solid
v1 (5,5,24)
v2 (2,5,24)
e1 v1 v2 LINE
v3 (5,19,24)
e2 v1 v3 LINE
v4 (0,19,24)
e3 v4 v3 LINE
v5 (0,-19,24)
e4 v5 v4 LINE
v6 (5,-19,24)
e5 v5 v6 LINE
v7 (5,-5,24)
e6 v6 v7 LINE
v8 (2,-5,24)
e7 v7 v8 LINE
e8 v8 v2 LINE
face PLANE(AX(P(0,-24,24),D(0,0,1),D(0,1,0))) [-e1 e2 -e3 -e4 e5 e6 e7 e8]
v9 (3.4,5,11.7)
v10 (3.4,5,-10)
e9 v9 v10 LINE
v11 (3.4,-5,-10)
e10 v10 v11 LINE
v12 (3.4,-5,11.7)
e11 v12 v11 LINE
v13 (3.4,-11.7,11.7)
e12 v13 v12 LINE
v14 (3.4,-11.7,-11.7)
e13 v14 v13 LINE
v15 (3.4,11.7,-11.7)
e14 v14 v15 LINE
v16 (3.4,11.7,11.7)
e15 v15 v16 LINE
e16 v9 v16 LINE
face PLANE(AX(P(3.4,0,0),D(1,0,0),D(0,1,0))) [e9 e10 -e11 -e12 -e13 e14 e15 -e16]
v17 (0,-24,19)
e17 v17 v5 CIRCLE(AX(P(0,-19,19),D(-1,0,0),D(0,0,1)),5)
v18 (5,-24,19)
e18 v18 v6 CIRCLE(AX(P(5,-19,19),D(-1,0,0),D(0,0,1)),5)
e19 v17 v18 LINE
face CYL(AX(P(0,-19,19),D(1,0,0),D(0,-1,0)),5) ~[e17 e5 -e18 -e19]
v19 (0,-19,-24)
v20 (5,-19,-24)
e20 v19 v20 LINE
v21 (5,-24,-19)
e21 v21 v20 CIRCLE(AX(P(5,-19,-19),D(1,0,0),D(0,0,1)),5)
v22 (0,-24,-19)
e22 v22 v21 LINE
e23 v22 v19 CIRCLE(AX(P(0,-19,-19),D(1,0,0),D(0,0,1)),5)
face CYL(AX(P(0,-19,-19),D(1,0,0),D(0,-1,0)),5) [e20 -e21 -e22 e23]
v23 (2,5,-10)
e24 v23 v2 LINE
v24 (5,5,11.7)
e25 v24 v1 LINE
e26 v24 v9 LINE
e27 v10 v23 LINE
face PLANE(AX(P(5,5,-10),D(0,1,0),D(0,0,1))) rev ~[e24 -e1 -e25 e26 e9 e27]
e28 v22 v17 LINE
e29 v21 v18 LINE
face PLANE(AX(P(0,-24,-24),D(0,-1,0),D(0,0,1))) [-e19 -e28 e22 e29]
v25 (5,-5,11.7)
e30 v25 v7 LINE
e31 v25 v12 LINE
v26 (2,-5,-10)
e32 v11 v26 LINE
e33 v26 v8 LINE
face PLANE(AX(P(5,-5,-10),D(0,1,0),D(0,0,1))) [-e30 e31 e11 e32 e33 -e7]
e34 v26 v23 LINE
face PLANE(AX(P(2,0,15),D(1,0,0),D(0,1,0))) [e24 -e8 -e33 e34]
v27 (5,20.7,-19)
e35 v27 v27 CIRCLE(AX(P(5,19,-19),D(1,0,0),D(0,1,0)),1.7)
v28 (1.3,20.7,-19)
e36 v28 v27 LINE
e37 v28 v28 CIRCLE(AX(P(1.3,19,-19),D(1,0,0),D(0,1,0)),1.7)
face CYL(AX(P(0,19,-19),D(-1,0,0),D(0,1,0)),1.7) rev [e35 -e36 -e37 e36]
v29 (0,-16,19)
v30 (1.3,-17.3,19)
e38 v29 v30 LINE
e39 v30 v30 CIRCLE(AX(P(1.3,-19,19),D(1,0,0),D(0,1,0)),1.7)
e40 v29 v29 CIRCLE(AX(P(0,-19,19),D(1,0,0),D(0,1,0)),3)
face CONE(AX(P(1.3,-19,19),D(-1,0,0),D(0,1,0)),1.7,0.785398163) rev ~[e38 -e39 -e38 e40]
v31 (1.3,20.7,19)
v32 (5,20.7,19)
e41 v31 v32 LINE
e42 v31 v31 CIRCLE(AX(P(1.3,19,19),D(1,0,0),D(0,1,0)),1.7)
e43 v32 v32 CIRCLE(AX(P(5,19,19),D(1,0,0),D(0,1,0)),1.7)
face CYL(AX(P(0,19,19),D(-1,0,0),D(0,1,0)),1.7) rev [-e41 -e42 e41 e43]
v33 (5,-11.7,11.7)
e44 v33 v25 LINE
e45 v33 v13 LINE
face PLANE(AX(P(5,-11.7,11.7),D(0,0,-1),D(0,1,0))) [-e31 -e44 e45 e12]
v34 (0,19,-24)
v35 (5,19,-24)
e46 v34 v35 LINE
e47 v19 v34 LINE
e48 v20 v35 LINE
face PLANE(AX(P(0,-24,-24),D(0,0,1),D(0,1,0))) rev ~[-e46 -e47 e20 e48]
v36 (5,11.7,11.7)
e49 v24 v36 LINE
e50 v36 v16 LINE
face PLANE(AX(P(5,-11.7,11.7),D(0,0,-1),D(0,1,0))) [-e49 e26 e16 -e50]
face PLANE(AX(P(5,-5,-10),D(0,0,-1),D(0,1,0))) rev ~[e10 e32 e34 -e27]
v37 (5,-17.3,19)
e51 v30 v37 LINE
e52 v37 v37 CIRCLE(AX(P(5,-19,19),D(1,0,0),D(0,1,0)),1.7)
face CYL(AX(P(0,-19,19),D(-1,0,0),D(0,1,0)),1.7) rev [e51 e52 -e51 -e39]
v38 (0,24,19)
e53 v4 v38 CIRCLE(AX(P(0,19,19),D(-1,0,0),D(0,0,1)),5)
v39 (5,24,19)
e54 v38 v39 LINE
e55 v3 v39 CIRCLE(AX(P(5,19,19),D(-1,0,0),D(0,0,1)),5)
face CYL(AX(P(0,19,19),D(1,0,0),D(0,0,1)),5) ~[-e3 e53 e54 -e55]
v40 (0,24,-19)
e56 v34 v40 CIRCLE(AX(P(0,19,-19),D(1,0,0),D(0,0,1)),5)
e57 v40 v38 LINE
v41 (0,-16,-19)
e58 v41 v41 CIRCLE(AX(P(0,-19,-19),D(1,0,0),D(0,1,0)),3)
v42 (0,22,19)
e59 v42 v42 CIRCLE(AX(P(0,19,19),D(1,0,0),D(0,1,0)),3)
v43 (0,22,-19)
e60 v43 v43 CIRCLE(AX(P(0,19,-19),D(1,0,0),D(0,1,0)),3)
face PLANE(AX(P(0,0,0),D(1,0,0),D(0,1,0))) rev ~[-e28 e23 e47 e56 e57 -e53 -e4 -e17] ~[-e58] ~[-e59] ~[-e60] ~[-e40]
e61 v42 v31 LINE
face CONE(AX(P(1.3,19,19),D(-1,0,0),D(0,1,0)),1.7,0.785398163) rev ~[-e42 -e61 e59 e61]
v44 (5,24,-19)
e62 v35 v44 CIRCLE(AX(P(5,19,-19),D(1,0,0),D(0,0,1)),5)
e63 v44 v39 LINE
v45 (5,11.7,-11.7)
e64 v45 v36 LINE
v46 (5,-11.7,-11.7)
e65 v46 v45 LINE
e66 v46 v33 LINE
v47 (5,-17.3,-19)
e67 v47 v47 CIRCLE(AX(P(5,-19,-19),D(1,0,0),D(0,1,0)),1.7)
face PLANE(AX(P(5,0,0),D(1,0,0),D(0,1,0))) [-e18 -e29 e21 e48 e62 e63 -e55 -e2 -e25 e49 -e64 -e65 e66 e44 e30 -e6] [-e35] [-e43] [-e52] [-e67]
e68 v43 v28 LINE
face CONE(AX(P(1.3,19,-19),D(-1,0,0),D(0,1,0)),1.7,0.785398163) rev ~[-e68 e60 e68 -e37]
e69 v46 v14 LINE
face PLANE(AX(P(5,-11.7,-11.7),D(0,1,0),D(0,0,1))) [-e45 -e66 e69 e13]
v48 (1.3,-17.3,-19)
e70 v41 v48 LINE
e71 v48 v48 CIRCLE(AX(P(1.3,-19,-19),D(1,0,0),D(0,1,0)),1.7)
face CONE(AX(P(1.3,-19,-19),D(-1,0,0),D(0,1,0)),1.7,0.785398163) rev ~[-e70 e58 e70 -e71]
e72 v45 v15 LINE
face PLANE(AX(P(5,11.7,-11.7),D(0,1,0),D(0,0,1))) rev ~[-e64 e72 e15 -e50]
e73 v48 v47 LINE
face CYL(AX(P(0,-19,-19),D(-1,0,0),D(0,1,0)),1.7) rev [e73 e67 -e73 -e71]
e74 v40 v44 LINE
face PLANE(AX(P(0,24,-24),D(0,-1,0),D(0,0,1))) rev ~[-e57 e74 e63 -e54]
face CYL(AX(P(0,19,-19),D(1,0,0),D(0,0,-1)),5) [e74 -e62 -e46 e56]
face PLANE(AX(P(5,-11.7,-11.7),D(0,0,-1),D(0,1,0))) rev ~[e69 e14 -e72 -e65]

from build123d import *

# Parameters (mm, degrees)
SKETCH105_W     = 48
SKETCH105_H     = 48
SKETCH105_R     = 1.7
PAD082_DEPTH    = 5
SKETCH106_W     = 10
SKETCH106_H     = 50
POCKET012_DEPTH = 3
SKETCH107_W     = 23.4
SKETCH107_H     = 23.4
POCKET013_DEPTH = 1.6
FILLET012_R     = 5
CHAMFER_ANGLE   = 45
CHAMFER_SIZE    = 1.3


with BuildPart() as part:
    # Sketch105 → Pad082 (new body)
    with BuildSketch(Plane.YZ):
        Rectangle(SKETCH105_W, SKETCH105_H)
        with Locations((19, 19)):
            Circle(SKETCH105_R, mode=Mode.SUBTRACT)
        with Locations((19, -19)):
            Circle(SKETCH105_R, mode=Mode.SUBTRACT)
        with Locations((-19, 19)):
            Circle(SKETCH105_R, mode=Mode.SUBTRACT)
        with Locations((-19, -19)):
            Circle(SKETCH105_R, mode=Mode.SUBTRACT)
    extrude(amount=PAD082_DEPTH)

    # Sketch106 (on DatumPlane) → Pocket012 (cut)
    with BuildSketch(Plane.YZ.offset(5)):
        with Locations((0, 15)):
            Rectangle(SKETCH106_W, SKETCH106_H)
    extrude(amount=-POCKET012_DEPTH, mode=Mode.SUBTRACT)

    # Sketch107 (on DatumPlane) → Pocket013 (cut)
    with BuildSketch(Plane.YZ.offset(5)):
        Rectangle(SKETCH107_W, SKETCH107_H)
    extrude(amount=-POCKET013_DEPTH, mode=Mode.SUBTRACT)

    # Fillet012
    fillet012_edges = [part.edges().sort_by_distance(p)[0] for p in [
        (2.5, 24, 24),
        (2.5, -24, 24),
        (2.5, -24, -24),
        (2.5, 24, -24),
    ]]
    fillet(fillet012_edges, radius=FILLET012_R)

    # Chamfer
    chamfer_edges = [part.edges().sort_by_distance(p)[0] for p in [
        (0, 17.3, 19),
        (0, -20.7, 19),
        (0, 17.3, -19),
        (0, -20.7, -19),
    ]]
    chamfer_side = part.faces().sort_by_distance((0, 0, 0))[0]
    chamfer(chamfer_edges, length=CHAMFER_SIZE, angle=CHAMFER_ANGLE, reference=chamfer_side)


solid = part.part
